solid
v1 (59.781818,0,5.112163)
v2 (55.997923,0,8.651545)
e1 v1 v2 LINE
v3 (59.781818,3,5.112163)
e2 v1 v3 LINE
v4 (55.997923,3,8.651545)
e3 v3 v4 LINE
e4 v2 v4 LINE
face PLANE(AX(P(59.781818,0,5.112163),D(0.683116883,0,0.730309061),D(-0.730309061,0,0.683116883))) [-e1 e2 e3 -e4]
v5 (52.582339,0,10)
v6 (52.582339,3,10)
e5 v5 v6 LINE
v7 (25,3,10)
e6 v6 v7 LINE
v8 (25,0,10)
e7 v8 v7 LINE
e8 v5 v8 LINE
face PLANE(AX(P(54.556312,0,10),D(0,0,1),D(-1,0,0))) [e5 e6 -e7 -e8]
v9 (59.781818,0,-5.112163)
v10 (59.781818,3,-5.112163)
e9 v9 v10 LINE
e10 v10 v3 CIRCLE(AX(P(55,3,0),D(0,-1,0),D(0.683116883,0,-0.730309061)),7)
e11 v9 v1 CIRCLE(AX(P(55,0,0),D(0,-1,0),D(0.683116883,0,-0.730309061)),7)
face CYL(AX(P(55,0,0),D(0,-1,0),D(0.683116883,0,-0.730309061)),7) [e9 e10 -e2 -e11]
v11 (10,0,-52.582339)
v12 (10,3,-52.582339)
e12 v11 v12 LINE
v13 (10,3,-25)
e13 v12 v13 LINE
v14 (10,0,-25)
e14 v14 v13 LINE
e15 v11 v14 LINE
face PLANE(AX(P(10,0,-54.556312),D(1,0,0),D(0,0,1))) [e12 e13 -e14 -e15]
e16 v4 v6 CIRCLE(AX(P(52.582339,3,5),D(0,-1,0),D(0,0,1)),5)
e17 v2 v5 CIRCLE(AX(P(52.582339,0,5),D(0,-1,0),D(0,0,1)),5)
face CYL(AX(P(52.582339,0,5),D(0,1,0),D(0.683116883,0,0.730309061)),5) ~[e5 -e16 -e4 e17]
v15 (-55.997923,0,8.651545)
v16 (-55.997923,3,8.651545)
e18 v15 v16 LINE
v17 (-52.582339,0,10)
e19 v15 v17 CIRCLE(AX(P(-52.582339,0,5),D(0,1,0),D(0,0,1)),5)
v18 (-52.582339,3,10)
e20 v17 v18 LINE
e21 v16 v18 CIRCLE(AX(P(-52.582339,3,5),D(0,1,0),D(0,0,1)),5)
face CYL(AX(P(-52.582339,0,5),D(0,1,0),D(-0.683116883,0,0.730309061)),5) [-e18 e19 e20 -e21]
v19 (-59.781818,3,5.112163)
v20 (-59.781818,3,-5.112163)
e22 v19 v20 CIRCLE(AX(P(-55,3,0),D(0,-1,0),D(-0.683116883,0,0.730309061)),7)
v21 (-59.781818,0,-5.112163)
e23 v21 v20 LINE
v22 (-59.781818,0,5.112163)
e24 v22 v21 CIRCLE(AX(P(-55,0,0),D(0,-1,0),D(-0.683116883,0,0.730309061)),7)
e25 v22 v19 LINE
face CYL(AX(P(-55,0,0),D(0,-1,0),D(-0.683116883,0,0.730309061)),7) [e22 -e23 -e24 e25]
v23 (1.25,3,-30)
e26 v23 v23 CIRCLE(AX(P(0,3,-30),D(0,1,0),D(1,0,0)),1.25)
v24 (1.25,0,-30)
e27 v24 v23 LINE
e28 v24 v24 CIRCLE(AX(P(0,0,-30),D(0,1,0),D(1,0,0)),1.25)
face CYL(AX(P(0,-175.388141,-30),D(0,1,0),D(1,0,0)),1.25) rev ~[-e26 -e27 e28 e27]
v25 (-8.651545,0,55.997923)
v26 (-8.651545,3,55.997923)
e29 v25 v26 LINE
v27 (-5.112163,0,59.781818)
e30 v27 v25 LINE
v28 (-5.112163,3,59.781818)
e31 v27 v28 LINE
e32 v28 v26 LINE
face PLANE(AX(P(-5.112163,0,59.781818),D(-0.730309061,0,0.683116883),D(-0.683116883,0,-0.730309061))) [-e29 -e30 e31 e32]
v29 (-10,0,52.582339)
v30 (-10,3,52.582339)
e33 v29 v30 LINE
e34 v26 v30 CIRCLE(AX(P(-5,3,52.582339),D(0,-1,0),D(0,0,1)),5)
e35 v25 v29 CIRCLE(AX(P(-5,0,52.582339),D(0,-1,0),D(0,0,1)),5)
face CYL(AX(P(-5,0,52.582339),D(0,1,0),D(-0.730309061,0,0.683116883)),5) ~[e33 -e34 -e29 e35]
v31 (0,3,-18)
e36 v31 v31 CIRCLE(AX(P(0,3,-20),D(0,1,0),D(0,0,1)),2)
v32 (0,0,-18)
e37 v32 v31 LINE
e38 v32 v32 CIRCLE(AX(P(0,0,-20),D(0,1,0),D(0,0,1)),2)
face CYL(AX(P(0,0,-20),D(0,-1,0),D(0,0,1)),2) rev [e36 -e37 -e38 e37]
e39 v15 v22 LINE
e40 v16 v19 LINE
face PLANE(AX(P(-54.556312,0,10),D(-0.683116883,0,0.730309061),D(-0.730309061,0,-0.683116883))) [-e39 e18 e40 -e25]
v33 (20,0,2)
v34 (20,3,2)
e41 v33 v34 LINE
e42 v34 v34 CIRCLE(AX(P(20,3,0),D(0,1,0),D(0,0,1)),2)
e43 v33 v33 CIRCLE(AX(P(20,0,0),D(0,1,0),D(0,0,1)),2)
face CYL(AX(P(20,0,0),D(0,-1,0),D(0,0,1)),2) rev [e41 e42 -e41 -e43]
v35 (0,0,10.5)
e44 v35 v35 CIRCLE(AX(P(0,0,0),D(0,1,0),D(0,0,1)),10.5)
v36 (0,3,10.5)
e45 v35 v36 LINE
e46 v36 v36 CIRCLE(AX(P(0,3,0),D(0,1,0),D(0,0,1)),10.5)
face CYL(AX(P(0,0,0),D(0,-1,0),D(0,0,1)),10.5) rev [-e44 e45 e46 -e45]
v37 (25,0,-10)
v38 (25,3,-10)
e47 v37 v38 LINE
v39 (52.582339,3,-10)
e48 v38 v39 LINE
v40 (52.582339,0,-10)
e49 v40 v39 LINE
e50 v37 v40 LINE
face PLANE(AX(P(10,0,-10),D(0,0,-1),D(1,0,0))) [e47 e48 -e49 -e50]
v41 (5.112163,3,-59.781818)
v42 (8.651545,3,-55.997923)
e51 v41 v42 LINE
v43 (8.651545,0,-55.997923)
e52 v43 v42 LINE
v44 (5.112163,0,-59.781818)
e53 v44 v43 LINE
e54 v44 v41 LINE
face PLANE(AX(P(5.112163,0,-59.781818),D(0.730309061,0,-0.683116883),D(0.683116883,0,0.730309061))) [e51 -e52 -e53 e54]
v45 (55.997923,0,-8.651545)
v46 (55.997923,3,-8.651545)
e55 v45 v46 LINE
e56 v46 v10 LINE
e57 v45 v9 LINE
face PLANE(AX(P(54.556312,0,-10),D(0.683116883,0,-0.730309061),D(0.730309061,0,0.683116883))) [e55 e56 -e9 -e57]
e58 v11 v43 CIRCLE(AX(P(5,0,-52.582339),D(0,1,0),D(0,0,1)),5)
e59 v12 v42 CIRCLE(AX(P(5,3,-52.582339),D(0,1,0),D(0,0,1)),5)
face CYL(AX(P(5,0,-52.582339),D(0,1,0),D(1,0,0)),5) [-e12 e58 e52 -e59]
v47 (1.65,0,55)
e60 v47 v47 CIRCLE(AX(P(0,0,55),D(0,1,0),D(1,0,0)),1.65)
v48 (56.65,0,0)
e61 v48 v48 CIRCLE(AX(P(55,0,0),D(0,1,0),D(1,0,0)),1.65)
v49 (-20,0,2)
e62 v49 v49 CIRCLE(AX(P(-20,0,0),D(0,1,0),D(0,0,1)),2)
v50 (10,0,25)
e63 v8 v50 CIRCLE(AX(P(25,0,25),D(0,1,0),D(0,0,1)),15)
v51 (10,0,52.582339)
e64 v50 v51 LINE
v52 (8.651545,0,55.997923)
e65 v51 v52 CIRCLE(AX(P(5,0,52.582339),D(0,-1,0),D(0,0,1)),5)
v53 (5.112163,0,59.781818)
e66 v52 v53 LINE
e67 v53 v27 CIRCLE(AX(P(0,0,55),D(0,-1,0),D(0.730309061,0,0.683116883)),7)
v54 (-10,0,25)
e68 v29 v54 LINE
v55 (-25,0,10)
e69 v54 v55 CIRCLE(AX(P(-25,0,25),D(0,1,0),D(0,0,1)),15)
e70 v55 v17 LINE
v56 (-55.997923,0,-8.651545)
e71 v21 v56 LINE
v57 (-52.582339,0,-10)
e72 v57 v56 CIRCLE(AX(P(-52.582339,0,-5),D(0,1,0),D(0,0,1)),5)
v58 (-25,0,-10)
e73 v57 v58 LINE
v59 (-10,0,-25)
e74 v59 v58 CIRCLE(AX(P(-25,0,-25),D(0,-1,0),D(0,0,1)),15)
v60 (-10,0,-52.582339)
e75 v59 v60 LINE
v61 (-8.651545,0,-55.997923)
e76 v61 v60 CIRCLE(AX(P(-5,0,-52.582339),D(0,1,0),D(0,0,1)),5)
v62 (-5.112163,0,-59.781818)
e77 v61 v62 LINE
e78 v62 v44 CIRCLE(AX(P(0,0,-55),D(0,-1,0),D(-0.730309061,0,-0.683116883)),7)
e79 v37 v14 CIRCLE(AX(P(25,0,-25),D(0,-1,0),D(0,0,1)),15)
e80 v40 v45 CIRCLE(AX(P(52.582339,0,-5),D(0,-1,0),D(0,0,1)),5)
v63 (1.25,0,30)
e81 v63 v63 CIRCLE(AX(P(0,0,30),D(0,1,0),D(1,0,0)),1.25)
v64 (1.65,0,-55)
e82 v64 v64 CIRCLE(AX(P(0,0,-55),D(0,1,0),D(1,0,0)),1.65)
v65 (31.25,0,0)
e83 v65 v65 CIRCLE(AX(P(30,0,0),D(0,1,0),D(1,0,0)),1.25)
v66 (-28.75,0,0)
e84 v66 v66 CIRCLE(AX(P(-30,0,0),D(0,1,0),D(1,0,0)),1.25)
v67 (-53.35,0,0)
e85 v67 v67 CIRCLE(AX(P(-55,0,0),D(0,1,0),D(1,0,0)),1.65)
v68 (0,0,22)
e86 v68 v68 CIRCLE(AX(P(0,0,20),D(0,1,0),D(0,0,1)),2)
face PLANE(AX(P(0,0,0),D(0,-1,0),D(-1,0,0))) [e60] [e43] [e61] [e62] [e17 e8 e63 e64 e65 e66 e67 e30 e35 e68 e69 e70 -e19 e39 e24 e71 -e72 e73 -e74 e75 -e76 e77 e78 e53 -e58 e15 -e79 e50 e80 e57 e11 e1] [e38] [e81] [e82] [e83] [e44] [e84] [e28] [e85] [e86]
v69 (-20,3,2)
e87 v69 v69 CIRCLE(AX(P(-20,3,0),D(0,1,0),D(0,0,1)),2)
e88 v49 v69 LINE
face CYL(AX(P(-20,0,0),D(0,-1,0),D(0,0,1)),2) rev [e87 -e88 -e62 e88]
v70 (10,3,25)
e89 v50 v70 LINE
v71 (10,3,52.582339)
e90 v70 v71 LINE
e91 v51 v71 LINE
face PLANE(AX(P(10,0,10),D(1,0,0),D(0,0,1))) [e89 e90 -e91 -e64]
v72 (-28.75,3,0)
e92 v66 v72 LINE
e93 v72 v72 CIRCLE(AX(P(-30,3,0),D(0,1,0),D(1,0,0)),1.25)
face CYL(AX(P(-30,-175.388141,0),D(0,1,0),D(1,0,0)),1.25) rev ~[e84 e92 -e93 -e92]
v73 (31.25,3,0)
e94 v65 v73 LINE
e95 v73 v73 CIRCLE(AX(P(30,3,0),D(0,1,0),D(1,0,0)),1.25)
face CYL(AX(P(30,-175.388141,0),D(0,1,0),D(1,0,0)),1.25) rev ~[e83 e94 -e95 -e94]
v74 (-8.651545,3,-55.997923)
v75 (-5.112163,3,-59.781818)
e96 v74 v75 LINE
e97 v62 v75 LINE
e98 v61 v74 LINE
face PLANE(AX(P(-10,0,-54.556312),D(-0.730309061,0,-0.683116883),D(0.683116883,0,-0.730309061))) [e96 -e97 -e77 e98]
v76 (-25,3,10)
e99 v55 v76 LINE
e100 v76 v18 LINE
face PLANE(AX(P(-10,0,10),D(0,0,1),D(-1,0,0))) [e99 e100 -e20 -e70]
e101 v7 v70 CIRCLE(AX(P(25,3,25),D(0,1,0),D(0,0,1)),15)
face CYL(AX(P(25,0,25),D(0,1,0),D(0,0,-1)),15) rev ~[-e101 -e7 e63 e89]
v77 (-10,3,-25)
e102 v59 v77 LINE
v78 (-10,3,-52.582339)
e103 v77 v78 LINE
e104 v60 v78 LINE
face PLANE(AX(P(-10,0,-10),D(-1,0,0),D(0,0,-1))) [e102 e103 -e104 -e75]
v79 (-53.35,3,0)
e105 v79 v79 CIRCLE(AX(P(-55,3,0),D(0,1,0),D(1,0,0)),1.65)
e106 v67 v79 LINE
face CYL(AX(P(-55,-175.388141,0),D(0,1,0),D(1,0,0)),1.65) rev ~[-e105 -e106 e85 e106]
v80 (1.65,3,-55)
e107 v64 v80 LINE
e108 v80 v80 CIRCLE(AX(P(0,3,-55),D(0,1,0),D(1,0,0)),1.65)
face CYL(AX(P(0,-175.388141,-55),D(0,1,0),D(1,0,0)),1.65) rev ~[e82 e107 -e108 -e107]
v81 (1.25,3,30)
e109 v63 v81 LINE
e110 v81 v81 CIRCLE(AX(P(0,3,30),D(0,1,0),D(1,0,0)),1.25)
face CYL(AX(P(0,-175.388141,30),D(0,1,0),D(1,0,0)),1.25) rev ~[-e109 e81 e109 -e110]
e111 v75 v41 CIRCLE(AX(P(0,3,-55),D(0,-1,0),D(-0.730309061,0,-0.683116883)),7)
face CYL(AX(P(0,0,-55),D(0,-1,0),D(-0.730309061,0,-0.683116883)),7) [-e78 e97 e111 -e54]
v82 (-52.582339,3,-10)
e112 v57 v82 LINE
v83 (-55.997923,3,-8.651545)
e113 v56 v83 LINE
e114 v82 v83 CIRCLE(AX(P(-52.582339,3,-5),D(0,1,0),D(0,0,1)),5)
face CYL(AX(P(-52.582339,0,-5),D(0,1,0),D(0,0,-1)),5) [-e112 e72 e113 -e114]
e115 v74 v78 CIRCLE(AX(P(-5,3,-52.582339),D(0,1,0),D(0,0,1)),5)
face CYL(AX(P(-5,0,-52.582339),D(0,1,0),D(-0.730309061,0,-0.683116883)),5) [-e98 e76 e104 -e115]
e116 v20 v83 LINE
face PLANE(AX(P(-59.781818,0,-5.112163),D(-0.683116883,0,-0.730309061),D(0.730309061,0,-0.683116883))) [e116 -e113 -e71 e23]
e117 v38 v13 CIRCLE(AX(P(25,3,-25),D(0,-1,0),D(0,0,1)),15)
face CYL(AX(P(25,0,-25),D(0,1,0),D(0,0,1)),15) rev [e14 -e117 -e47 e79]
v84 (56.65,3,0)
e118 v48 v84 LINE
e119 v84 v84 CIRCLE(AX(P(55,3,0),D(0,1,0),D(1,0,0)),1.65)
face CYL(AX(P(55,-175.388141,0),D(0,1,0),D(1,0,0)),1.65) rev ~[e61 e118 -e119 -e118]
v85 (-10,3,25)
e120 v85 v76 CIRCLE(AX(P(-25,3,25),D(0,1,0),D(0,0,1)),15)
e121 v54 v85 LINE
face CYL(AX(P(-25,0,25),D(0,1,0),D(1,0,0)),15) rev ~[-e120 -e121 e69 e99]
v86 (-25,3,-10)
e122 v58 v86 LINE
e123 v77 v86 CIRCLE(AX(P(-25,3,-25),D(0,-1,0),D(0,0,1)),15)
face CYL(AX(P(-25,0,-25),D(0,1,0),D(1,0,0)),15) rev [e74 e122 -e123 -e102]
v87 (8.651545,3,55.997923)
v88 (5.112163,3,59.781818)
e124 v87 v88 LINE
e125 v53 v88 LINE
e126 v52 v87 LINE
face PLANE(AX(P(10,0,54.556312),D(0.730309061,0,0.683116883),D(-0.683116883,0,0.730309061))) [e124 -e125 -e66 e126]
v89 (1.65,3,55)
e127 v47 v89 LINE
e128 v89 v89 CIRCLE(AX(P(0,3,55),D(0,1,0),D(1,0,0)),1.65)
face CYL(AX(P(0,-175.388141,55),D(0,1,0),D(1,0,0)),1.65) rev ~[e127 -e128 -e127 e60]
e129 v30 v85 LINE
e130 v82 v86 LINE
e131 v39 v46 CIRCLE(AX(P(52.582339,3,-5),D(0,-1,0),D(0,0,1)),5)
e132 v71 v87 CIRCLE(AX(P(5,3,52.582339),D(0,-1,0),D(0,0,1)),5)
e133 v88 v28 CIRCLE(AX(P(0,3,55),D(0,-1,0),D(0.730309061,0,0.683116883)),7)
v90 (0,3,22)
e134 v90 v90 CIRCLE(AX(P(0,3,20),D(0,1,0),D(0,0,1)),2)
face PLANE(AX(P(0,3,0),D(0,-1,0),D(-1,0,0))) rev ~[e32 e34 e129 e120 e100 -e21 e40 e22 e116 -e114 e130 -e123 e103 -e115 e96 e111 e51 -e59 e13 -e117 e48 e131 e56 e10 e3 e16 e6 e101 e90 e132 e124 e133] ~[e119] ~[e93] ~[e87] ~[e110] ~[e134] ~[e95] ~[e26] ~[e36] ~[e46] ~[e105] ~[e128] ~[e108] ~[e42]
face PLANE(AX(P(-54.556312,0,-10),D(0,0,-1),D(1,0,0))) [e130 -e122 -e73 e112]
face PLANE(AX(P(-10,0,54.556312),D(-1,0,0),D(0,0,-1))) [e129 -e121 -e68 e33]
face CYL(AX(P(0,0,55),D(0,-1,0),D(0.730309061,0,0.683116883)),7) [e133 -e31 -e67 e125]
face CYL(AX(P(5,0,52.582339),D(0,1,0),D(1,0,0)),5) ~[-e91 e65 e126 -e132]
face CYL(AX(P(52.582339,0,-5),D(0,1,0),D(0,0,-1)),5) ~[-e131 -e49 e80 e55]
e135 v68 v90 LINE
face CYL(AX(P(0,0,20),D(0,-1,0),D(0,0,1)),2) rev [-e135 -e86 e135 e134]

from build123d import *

# Parameters (mm, degrees)
SKETCH1_R             = 2
SKETCH1_R_2           = 10.5
BOSS_EXTRUDE1_DEPTH   = 3
FILLET1_R             = 15
FILLET2_R             = 5
M4X0_7_TAPPED_HOLE1_D = 3.3
M3X0_5_TAPPED_HOLE1_D = 2.5


with BuildPart() as part:
    # Sketch1 → Boss-Extrude1 (new body)
    with BuildSketch(Plane(origin=(0, 0, 0), x_dir=(1, 0, 0), z_dir=(0, 1, 0))):
        with BuildLine():
            Line((10, 10), (54.556312231, 10))
            Line((54.556312231, 10), (59.781818182, 5.112163424))
            ThreePointArc((59.781818182, 5.112163424), (62, 0), (59.781818182, -5.112163424))
            Line((59.781818182, -5.112163424), (54.556312231, -10))
            Line((54.556312231, -10), (10, -10))
            Line((10, -10), (10, -54.556312231))
            Line((10, -54.556312231), (5.112163424, -59.781818182))
            ThreePointArc((5.112163424, -59.781818182), (0, -62), (-5.112163424, -59.781818182))
            Line((-5.112163424, -59.781818182), (-10, -54.556312231))
            Line((-10, -54.556312231), (-10, -10))
            Line((-10, -10), (-54.556312231, -10))
            Line((-54.556312231, -10), (-59.781818182, -5.112163424))
            ThreePointArc((-59.781818182, -5.112163424), (-62, 0), (-59.781818182, 5.112163424))
            Line((-59.781818182, 5.112163424), (-54.556312231, 10))
            Line((-54.556312231, 10), (-10, 10))
            Line((-10, 10), (-10, 54.556312231))
            Line((-10, 54.556312231), (-5.112163424, 59.781818182))
            ThreePointArc((-5.112163424, 59.781818182), (0, 62), (5.112163424, 59.781818182))
            Line((5.112163424, 59.781818182), (10, 54.556312231))
            Line((10, 54.556312231), (10, 10))
        make_face()
        with Locations(Location((-20, 0, 0), (0, 0, 270))):
            Circle(SKETCH1_R, mode=Mode.SUBTRACT)
        with Locations(Location((0, 20, 0), (0, 0, 270))):
            Circle(SKETCH1_R, mode=Mode.SUBTRACT)
        with Locations(Location((20, 0, 0), (0, 0, 270))):
            Circle(SKETCH1_R, mode=Mode.SUBTRACT)
        with Locations(Location((0, -20, 0), (0, 0, 270))):
            Circle(SKETCH1_R, mode=Mode.SUBTRACT)
        with Locations(Location((0, 0, 0), (0, 0, 270))):
            Circle(SKETCH1_R_2, mode=Mode.SUBTRACT)
    extrude(amount=BOSS_EXTRUDE1_DEPTH)

    # Fillet1
    fillet1_edges = [part.edges().sort_by_distance(p)[0] for p in [
        (10, 1.5, -10),
        (10, 1.5, 10),
        (-10, 1.5, 10),
        (-10, 1.5, -10),
    ]]
    fillet(fillet1_edges, radius=FILLET1_R)

    # Fillet2
    fillet2_edges = [part.edges().sort_by_distance(p)[0] for p in [
        (54.556312231, 1.5, -10),
        (54.556312231, 1.5, 10),
        (10, 1.5, 54.556312231),
        (-10, 1.5, 54.556312231),
        (-54.556312231, 1.5, 10),
        (-54.556312231, 1.5, -10),
        (-10, 1.5, -54.556312231),
        (10, 1.5, -54.556312231),
    ]]
    fillet(fillet2_edges, radius=FILLET2_R)

    # M4x0.7 Tapped Hole1 (through all)
    with Locations(Plane(origin=(0, 0, 0), x_dir=(-1, 0, 0), z_dir=(0, -1, 0))):
        with Locations((0, -55), (-55, 0), (0, 55), (55, 0)):
            Hole(M4X0_7_TAPPED_HOLE1_D / 2)

    # M3x0.5 Tapped Hole1 (through all)
    with Locations(Plane(origin=(0, 0, 0), x_dir=(-1, 0, 0), z_dir=(0, -1, 0))):
        with Locations((0, -30), (-30, 0), (0, 30), (30, 0), (0, 0)):
            Hole(M3X0_5_TAPPED_HOLE1_D / 2)


solid = part.part
